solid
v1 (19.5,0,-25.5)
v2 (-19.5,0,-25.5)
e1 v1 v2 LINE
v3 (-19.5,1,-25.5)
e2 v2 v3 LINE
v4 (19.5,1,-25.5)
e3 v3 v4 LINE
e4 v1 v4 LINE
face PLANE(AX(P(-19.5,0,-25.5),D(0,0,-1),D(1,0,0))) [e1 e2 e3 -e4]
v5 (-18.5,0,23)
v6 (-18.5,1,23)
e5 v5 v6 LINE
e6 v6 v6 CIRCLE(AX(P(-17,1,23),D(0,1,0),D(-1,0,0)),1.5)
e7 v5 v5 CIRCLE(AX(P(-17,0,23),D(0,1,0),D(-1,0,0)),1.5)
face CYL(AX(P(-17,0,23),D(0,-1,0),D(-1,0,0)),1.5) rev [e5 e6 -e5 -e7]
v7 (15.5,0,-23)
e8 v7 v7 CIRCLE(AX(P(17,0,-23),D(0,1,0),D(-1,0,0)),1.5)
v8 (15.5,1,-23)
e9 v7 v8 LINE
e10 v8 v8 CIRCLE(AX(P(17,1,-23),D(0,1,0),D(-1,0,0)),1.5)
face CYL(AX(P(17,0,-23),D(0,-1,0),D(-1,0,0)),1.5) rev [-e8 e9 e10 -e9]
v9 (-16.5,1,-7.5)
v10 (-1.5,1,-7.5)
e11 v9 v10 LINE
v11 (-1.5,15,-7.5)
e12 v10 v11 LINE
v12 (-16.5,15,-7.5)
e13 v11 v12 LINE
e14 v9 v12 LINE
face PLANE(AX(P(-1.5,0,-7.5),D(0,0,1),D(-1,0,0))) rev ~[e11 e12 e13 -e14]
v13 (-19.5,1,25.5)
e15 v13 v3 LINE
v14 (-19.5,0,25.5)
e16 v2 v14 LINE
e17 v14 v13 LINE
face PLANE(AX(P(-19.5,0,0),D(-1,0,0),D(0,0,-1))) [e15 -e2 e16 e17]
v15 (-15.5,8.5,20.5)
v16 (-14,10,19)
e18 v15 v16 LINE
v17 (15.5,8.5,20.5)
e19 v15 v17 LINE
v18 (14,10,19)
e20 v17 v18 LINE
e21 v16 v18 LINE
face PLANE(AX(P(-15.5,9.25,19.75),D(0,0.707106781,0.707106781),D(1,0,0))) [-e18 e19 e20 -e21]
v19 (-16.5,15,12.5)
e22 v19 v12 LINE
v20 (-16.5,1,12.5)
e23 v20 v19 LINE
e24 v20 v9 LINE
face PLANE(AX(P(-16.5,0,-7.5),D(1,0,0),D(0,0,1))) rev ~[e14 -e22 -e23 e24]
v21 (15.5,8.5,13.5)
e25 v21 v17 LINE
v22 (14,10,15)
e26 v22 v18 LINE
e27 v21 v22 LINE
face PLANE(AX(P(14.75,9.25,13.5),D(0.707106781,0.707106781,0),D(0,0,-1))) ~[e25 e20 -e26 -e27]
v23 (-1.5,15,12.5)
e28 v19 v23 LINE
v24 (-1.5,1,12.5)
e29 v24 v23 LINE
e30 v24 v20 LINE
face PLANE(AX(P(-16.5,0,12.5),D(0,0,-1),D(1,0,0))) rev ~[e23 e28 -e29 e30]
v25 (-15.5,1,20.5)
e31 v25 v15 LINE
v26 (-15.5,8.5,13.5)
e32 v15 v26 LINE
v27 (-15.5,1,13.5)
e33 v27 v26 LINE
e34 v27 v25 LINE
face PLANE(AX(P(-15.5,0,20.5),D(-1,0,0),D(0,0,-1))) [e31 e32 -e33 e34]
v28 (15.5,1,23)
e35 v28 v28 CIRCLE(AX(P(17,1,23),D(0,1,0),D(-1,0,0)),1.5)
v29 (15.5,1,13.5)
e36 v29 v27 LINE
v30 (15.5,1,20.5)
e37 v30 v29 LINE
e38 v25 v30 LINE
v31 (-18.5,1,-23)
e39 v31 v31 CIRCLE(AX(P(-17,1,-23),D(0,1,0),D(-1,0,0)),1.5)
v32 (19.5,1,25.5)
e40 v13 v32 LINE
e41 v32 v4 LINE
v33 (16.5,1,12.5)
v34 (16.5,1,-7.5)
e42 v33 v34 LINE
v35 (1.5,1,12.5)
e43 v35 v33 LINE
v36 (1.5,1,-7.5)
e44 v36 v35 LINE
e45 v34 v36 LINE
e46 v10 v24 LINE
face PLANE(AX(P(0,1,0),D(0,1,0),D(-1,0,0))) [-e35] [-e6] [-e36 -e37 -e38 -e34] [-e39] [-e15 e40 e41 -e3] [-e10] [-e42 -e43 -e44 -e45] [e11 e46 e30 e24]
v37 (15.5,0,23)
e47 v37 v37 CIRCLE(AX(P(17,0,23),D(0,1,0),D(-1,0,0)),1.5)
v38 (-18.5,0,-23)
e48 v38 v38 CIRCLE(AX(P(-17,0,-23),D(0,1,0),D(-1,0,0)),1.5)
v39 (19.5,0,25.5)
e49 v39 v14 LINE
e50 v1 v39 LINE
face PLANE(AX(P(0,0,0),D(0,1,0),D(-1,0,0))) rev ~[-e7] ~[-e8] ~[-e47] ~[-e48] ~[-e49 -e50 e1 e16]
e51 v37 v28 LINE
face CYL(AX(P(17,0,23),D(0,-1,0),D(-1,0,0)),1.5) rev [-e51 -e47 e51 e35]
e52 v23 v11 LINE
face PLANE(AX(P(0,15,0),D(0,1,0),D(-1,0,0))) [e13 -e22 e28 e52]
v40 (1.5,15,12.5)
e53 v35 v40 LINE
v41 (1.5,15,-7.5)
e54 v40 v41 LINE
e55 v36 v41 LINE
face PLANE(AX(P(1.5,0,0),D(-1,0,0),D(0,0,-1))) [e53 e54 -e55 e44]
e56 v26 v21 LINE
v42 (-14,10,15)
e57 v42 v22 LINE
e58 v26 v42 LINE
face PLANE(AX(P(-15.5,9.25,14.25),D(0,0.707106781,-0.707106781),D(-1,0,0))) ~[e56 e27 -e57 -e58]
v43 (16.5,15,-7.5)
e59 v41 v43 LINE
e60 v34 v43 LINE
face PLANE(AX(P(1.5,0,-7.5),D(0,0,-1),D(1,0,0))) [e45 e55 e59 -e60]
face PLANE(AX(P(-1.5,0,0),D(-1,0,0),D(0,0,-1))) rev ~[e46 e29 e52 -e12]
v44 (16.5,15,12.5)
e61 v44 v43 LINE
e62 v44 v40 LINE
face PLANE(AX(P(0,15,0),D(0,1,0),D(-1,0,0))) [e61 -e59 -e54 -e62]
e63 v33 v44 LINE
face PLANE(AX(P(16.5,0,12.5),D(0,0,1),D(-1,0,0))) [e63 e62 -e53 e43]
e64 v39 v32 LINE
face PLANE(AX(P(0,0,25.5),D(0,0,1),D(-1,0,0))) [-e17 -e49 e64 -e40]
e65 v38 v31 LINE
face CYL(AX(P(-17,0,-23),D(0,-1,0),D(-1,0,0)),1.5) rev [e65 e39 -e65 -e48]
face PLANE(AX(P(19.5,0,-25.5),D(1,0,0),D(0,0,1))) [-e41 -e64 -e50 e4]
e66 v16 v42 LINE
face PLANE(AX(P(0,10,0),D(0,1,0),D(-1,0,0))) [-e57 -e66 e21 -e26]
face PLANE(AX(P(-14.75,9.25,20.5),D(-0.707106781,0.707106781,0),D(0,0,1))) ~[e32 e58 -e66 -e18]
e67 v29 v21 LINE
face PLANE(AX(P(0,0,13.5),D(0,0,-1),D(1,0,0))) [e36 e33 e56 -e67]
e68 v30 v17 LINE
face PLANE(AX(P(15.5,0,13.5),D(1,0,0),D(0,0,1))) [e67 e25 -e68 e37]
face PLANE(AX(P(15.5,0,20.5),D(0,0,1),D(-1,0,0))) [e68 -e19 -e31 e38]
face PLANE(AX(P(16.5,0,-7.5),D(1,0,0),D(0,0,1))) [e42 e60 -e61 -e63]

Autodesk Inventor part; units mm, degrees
ref_plane "YZ Plane" through (0, 0, 0) normal (1, 0, 0) x (0, 1, 0)
ref_plane "XZ Plane" through (0, 0, 0) normal (0, 1, 0) x (-1, 0, 0)
ref_plane "XY Plane" through (0, 0, 0) normal (0, 0, 1) x (1, 0, 0)
sketch "Skizze1" plane through (0, 0, 0) normal (0, 1, 0) x (-1, 0, 0)
  line L0 (19.5, -25.5) -> (-19.5, -25.5)
  line L1 (-19.5, -25.5) -> (-19.5, 25.5)
  line L2 (-19.5, 25.5) -> (19.5, 25.5)
  line L3 (19.5, 25.5) -> (19.5, -25.5)
  line L4 (0, -35.7) -> (0, 35.7) projected
  line L5 (27.3, 0) -> (-27.3, 0) projected
  circle A0 centre (17, -23) radius 1.5
  circle A1 centre (-17, -23) radius 1.5
  circle A2 centre (17, 23) radius 1.5
  circle A3 centre (-17, 23) radius 1.5
  line L6 (15.5, 13.5) -> (-15.5, 13.5)
  line L7 (-15.5, 13.5) -> (-15.5, 20.5)
  line L8 (-15.5, 20.5) -> (15.5, 20.5)
  line L9 (15.5, 20.5) -> (15.5, 13.5)
  line L10 (16.5, 12.5) -> (1.5, 12.5)
  line L11 (1.5, 12.5) -> (1.5, -7.5)
  line L12 (1.5, -7.5) -> (16.5, -7.5)
  line L13 (16.5, -7.5) -> (16.5, 12.5)
  line L14 (-16.5, 12.5) -> (-1.5, 12.5)
  line L15 (-1.5, 12.5) -> (-1.5, -7.5)
  line L16 (-1.5, -7.5) -> (-16.5, -7.5)
  line L17 (-16.5, -7.5) -> (-16.5, 12.5)
  point P0 (0, 0)
  dimension "d0" = 39
  dimension "d1" = 51
  dimension "d2" = 3
  dimension "d3" = 2.5
  dimension "d4" = 2.5
  dimension "d5" = 7
  dimension "d6" = 5
  dimension "d7" = 31
  dimension "d8" = 15
  dimension "d9" = 20
  dimension "d19" = 3
  dimension "d20" = 13
extrude "Extrusion1" add sketch "Skizze1" along normal blind 1
extrude "Extrusion2" add sketch "Skizze1" along normal blind 10 contours L6 L7 L8 L4 | L4 L8 L9 L6
extrude "Extrusion3" add sketch "Skizze1" along normal blind 15 contours L13 L12 L11 L5 | L5 L11 L10 L13 | L15 L16 L17 L5 | L5 L17 L14 L15
chamfer "Fase1" distance 1.5 angle 45 4 edges at (0, 10, 20.5) (15.5, 10, 17) (0, 10, 13.5) (-15.5, 10, 17)
properties part number "Relais"
